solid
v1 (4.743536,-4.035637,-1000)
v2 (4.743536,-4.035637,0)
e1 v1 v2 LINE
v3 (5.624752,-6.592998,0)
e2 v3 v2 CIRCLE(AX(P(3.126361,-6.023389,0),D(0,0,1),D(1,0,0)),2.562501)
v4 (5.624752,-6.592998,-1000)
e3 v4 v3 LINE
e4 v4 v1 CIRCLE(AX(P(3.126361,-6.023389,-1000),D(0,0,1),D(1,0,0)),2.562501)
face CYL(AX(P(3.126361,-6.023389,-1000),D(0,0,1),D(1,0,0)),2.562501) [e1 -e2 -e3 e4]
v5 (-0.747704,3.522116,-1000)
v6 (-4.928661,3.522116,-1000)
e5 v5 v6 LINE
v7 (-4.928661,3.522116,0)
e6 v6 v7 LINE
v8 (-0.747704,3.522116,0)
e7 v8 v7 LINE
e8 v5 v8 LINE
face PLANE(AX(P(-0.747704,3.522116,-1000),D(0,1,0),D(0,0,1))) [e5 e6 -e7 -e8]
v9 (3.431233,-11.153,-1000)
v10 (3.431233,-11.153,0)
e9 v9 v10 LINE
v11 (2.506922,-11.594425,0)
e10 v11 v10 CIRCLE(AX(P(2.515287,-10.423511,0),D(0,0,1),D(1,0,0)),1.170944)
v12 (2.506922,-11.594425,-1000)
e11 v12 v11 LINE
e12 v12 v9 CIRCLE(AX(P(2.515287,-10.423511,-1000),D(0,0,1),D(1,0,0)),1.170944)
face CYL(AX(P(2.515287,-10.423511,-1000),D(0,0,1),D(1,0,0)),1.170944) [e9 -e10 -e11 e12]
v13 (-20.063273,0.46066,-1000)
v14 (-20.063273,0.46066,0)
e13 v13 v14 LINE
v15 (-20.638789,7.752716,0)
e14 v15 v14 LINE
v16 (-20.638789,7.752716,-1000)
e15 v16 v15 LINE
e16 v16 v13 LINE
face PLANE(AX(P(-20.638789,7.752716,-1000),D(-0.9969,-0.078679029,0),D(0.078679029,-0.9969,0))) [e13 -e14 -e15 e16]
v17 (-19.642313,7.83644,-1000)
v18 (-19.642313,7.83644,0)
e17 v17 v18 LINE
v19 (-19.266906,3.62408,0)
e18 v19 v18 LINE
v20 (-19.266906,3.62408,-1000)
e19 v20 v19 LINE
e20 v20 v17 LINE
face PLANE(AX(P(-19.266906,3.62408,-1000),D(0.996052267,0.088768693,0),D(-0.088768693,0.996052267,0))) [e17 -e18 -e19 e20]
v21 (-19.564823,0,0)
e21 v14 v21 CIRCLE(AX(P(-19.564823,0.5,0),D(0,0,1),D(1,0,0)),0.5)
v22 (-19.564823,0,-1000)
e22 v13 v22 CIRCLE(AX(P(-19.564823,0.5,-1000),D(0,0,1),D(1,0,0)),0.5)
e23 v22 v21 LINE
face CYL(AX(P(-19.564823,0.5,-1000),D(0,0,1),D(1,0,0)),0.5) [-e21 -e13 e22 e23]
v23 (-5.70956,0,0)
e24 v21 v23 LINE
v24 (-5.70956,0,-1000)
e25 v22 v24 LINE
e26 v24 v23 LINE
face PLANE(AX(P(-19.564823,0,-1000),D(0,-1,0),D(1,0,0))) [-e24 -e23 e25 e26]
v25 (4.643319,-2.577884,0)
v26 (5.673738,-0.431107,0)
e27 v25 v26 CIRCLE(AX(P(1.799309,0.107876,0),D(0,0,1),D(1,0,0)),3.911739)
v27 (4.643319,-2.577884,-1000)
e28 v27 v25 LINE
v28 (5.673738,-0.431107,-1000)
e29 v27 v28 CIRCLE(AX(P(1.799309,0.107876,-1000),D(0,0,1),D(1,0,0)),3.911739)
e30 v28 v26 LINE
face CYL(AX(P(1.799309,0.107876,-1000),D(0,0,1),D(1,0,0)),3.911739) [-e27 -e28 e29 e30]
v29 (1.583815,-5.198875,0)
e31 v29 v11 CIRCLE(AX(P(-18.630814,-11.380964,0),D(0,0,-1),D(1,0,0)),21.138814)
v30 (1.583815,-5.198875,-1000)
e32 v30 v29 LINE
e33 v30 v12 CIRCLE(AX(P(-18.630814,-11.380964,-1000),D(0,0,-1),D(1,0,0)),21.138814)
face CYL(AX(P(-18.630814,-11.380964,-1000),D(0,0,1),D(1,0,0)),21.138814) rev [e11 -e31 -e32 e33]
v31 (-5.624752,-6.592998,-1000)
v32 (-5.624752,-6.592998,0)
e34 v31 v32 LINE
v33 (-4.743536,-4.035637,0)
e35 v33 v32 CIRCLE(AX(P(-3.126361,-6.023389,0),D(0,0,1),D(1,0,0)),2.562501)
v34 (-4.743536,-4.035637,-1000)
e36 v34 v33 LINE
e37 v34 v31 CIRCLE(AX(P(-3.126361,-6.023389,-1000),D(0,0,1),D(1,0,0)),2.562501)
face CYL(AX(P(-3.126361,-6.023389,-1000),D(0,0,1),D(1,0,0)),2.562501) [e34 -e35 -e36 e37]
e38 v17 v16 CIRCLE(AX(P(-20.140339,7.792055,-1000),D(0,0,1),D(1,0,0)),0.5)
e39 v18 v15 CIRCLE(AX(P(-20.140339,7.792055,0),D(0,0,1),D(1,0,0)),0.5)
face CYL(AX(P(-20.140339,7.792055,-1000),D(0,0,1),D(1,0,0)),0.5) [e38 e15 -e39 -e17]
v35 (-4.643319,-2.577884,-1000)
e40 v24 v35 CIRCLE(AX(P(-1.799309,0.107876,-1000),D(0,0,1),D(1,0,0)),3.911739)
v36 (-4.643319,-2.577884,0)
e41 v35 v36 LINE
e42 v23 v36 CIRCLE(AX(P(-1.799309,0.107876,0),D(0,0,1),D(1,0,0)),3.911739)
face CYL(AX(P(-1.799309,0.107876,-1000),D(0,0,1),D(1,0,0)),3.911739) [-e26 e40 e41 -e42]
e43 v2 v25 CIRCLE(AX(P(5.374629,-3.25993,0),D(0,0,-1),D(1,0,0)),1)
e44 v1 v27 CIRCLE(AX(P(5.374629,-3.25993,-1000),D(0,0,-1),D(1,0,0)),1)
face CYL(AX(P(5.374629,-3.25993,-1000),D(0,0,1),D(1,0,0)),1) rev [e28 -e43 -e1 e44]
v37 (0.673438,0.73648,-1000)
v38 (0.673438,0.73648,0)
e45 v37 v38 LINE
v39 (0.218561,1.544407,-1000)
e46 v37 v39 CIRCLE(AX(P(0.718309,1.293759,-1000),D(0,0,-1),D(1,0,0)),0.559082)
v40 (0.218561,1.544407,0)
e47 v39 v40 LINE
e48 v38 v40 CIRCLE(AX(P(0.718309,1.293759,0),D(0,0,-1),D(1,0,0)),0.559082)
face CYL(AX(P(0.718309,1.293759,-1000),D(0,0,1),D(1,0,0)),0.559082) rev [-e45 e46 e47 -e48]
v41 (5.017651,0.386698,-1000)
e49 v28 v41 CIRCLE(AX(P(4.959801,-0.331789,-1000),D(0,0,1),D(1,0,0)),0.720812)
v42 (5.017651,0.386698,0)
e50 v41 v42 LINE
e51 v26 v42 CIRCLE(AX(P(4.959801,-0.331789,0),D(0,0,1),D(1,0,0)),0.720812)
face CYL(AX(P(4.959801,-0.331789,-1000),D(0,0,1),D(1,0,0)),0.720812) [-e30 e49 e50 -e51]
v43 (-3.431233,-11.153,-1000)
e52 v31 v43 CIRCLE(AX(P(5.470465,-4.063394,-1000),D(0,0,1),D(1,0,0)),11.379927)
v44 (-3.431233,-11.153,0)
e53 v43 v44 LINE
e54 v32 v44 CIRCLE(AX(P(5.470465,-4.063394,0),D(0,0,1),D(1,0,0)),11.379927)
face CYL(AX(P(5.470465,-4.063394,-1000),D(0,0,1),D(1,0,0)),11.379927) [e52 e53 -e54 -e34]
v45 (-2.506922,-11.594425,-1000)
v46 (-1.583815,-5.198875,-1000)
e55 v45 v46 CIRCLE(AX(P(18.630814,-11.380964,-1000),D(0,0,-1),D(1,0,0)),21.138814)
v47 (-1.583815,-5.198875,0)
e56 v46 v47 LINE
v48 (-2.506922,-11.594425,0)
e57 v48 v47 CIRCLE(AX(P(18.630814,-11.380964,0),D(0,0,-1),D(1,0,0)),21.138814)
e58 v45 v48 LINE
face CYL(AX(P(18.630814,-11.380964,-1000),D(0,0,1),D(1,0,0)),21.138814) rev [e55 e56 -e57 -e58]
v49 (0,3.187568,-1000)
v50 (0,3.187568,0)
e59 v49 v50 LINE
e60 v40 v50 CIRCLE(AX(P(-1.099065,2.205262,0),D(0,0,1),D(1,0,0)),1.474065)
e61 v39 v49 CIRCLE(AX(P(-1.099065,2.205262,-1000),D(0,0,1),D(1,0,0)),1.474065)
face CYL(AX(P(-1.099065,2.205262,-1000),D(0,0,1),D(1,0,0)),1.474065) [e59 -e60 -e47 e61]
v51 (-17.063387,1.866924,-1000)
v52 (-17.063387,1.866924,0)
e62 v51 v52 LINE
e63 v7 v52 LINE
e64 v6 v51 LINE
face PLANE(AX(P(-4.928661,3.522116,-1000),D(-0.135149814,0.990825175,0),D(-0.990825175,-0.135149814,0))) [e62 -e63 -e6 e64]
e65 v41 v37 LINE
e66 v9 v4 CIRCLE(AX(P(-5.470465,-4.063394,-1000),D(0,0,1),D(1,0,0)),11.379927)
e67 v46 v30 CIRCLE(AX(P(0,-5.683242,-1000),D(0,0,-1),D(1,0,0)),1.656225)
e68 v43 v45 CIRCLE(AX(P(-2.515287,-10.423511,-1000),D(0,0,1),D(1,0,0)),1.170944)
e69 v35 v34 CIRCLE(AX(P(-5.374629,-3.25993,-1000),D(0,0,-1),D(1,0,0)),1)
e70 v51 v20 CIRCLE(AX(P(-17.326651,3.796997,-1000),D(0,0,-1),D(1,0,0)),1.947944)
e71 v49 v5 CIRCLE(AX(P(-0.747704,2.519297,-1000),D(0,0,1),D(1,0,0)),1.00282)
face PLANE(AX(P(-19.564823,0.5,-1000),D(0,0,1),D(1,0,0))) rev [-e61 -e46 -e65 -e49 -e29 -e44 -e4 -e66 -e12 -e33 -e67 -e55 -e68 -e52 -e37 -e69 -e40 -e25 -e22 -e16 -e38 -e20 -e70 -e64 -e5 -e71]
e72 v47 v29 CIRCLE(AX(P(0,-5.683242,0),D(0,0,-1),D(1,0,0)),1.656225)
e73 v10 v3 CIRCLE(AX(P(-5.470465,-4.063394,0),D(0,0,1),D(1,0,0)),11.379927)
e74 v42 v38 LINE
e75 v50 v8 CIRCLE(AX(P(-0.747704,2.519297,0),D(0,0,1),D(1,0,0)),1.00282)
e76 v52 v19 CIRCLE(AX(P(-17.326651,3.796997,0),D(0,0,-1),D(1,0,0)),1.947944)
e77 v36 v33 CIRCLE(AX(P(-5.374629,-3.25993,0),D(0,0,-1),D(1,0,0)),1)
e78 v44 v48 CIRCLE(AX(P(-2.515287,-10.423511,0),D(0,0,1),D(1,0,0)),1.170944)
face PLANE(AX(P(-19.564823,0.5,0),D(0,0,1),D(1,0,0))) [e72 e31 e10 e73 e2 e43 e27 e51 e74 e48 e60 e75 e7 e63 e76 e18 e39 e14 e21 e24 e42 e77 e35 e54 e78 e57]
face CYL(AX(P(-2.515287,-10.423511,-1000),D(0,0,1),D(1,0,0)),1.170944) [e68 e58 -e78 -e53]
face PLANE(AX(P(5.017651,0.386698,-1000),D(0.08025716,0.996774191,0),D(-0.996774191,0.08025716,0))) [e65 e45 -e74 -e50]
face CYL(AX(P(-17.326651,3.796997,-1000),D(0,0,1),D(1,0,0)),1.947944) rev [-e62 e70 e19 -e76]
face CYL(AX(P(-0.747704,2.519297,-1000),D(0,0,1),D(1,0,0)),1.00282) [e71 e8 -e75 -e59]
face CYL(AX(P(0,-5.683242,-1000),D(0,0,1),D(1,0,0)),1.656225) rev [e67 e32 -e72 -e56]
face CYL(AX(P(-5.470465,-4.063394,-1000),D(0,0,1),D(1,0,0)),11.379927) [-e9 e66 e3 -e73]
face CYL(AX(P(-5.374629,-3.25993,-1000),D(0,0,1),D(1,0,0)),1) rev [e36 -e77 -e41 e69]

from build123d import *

# Parameters (mm, degrees)
MAIN_EXTRUSION_DEPTH = 1000


with BuildPart() as part:
    # Sk Main Extrusion → Main Extrusion (new body)
    with BuildSketch(Plane.XY):
        with BuildLine():
            Line((-19.564823375, 0), (-5.70955999, 0))
            ThreePointArc((-5.70955999, 0), (-5.414054203, -1.387221791), (-4.643319426, -2.577883736))
            ThreePointArc((-4.643319426, -2.577883736), (-4.376983545, -3.328515195), (-4.743536233, -4.035637189))
            ThreePointArc((-4.743536233, -4.035637189), (-5.549065057, -5.188573329), (-5.624751834, -6.592998458))
            ThreePointArc((-5.624751834, -6.592998458), (-4.784658148, -8.996464386), (-3.4312327, -11.152999901))
            ThreePointArc((-3.4312327, -11.152999901), (-3.019905527, -11.480142613), (-2.506922203, -11.594425189))
            ThreePointArc((-2.506922203, -11.594425189), (-2.291191076, -8.361169229), (-1.583815224, -5.198875216))
            ThreePointArc((-1.583815224, -5.198875216), (0, -4.027016521), (1.583815224, -5.198875216))
            ThreePointArc((1.583815224, -5.198875216), (2.291191076, -8.361169229), (2.506922203, -11.594425189))
            ThreePointArc((2.506922203, -11.594425189), (3.019905527, -11.480142613), (3.4312327, -11.152999901))
            ThreePointArc((3.4312327, -11.152999901), (4.784658148, -8.996464386), (5.624751834, -6.592998458))
            ThreePointArc((5.624751834, -6.592998458), (5.549065057, -5.188573329), (4.743536233, -4.035637189))
            ThreePointArc((4.743536233, -4.035637189), (4.376983545, -3.328515195), (4.643319426, -2.577883736))
            ThreePointArc((4.643319426, -2.577883736), (5.325853836, -1.584808807), (5.673737659, -0.43110699))
            ThreePointArc((5.673737659, -0.43110699), (5.522041744, 0.119270785), (5.017650904, 0.386697835))
            Line((5.017650904, 0.386697835), (0.673438444, 0.736480319))
            ThreePointArc((0.673438444, 0.736480319), (0.231134607, 1.019470764), (0.218560941, 1.544407122))
            ThreePointArc((0.218560941, 1.544407122), (0.362130691, 2.399619674), (0, 3.187567735))
            ThreePointArc((0, 3.187567735), (-0.338135797, 3.434666121), (-0.747703743, 3.522116267))
            Line((-0.747703743, 3.522116267), (-4.928660874, 3.522116267))
            Line((-4.928660874, 3.522116267), (-17.063386647, 1.866924243))
            ThreePointArc((-17.063386647, 1.866924243), (-18.541135771, 2.274001462), (-19.266905518, 3.624080204))
            Line((-19.266905518, 3.624080204), (-19.642313181, 7.836439756))
            ThreePointArc((-19.642313181, 7.836439756), (-20.182201782, 8.290299862), (-20.638789315, 7.752715895))
            Line((-20.638789315, 7.752715895), (-20.063273376, 0.460660486))
            ThreePointArc((-20.063273376, 0.460660486), (-19.904183245, 0.132801309), (-19.564823375, 0))
        make_face()
    extrude(amount=-MAIN_EXTRUSION_DEPTH)


solid = part.part
